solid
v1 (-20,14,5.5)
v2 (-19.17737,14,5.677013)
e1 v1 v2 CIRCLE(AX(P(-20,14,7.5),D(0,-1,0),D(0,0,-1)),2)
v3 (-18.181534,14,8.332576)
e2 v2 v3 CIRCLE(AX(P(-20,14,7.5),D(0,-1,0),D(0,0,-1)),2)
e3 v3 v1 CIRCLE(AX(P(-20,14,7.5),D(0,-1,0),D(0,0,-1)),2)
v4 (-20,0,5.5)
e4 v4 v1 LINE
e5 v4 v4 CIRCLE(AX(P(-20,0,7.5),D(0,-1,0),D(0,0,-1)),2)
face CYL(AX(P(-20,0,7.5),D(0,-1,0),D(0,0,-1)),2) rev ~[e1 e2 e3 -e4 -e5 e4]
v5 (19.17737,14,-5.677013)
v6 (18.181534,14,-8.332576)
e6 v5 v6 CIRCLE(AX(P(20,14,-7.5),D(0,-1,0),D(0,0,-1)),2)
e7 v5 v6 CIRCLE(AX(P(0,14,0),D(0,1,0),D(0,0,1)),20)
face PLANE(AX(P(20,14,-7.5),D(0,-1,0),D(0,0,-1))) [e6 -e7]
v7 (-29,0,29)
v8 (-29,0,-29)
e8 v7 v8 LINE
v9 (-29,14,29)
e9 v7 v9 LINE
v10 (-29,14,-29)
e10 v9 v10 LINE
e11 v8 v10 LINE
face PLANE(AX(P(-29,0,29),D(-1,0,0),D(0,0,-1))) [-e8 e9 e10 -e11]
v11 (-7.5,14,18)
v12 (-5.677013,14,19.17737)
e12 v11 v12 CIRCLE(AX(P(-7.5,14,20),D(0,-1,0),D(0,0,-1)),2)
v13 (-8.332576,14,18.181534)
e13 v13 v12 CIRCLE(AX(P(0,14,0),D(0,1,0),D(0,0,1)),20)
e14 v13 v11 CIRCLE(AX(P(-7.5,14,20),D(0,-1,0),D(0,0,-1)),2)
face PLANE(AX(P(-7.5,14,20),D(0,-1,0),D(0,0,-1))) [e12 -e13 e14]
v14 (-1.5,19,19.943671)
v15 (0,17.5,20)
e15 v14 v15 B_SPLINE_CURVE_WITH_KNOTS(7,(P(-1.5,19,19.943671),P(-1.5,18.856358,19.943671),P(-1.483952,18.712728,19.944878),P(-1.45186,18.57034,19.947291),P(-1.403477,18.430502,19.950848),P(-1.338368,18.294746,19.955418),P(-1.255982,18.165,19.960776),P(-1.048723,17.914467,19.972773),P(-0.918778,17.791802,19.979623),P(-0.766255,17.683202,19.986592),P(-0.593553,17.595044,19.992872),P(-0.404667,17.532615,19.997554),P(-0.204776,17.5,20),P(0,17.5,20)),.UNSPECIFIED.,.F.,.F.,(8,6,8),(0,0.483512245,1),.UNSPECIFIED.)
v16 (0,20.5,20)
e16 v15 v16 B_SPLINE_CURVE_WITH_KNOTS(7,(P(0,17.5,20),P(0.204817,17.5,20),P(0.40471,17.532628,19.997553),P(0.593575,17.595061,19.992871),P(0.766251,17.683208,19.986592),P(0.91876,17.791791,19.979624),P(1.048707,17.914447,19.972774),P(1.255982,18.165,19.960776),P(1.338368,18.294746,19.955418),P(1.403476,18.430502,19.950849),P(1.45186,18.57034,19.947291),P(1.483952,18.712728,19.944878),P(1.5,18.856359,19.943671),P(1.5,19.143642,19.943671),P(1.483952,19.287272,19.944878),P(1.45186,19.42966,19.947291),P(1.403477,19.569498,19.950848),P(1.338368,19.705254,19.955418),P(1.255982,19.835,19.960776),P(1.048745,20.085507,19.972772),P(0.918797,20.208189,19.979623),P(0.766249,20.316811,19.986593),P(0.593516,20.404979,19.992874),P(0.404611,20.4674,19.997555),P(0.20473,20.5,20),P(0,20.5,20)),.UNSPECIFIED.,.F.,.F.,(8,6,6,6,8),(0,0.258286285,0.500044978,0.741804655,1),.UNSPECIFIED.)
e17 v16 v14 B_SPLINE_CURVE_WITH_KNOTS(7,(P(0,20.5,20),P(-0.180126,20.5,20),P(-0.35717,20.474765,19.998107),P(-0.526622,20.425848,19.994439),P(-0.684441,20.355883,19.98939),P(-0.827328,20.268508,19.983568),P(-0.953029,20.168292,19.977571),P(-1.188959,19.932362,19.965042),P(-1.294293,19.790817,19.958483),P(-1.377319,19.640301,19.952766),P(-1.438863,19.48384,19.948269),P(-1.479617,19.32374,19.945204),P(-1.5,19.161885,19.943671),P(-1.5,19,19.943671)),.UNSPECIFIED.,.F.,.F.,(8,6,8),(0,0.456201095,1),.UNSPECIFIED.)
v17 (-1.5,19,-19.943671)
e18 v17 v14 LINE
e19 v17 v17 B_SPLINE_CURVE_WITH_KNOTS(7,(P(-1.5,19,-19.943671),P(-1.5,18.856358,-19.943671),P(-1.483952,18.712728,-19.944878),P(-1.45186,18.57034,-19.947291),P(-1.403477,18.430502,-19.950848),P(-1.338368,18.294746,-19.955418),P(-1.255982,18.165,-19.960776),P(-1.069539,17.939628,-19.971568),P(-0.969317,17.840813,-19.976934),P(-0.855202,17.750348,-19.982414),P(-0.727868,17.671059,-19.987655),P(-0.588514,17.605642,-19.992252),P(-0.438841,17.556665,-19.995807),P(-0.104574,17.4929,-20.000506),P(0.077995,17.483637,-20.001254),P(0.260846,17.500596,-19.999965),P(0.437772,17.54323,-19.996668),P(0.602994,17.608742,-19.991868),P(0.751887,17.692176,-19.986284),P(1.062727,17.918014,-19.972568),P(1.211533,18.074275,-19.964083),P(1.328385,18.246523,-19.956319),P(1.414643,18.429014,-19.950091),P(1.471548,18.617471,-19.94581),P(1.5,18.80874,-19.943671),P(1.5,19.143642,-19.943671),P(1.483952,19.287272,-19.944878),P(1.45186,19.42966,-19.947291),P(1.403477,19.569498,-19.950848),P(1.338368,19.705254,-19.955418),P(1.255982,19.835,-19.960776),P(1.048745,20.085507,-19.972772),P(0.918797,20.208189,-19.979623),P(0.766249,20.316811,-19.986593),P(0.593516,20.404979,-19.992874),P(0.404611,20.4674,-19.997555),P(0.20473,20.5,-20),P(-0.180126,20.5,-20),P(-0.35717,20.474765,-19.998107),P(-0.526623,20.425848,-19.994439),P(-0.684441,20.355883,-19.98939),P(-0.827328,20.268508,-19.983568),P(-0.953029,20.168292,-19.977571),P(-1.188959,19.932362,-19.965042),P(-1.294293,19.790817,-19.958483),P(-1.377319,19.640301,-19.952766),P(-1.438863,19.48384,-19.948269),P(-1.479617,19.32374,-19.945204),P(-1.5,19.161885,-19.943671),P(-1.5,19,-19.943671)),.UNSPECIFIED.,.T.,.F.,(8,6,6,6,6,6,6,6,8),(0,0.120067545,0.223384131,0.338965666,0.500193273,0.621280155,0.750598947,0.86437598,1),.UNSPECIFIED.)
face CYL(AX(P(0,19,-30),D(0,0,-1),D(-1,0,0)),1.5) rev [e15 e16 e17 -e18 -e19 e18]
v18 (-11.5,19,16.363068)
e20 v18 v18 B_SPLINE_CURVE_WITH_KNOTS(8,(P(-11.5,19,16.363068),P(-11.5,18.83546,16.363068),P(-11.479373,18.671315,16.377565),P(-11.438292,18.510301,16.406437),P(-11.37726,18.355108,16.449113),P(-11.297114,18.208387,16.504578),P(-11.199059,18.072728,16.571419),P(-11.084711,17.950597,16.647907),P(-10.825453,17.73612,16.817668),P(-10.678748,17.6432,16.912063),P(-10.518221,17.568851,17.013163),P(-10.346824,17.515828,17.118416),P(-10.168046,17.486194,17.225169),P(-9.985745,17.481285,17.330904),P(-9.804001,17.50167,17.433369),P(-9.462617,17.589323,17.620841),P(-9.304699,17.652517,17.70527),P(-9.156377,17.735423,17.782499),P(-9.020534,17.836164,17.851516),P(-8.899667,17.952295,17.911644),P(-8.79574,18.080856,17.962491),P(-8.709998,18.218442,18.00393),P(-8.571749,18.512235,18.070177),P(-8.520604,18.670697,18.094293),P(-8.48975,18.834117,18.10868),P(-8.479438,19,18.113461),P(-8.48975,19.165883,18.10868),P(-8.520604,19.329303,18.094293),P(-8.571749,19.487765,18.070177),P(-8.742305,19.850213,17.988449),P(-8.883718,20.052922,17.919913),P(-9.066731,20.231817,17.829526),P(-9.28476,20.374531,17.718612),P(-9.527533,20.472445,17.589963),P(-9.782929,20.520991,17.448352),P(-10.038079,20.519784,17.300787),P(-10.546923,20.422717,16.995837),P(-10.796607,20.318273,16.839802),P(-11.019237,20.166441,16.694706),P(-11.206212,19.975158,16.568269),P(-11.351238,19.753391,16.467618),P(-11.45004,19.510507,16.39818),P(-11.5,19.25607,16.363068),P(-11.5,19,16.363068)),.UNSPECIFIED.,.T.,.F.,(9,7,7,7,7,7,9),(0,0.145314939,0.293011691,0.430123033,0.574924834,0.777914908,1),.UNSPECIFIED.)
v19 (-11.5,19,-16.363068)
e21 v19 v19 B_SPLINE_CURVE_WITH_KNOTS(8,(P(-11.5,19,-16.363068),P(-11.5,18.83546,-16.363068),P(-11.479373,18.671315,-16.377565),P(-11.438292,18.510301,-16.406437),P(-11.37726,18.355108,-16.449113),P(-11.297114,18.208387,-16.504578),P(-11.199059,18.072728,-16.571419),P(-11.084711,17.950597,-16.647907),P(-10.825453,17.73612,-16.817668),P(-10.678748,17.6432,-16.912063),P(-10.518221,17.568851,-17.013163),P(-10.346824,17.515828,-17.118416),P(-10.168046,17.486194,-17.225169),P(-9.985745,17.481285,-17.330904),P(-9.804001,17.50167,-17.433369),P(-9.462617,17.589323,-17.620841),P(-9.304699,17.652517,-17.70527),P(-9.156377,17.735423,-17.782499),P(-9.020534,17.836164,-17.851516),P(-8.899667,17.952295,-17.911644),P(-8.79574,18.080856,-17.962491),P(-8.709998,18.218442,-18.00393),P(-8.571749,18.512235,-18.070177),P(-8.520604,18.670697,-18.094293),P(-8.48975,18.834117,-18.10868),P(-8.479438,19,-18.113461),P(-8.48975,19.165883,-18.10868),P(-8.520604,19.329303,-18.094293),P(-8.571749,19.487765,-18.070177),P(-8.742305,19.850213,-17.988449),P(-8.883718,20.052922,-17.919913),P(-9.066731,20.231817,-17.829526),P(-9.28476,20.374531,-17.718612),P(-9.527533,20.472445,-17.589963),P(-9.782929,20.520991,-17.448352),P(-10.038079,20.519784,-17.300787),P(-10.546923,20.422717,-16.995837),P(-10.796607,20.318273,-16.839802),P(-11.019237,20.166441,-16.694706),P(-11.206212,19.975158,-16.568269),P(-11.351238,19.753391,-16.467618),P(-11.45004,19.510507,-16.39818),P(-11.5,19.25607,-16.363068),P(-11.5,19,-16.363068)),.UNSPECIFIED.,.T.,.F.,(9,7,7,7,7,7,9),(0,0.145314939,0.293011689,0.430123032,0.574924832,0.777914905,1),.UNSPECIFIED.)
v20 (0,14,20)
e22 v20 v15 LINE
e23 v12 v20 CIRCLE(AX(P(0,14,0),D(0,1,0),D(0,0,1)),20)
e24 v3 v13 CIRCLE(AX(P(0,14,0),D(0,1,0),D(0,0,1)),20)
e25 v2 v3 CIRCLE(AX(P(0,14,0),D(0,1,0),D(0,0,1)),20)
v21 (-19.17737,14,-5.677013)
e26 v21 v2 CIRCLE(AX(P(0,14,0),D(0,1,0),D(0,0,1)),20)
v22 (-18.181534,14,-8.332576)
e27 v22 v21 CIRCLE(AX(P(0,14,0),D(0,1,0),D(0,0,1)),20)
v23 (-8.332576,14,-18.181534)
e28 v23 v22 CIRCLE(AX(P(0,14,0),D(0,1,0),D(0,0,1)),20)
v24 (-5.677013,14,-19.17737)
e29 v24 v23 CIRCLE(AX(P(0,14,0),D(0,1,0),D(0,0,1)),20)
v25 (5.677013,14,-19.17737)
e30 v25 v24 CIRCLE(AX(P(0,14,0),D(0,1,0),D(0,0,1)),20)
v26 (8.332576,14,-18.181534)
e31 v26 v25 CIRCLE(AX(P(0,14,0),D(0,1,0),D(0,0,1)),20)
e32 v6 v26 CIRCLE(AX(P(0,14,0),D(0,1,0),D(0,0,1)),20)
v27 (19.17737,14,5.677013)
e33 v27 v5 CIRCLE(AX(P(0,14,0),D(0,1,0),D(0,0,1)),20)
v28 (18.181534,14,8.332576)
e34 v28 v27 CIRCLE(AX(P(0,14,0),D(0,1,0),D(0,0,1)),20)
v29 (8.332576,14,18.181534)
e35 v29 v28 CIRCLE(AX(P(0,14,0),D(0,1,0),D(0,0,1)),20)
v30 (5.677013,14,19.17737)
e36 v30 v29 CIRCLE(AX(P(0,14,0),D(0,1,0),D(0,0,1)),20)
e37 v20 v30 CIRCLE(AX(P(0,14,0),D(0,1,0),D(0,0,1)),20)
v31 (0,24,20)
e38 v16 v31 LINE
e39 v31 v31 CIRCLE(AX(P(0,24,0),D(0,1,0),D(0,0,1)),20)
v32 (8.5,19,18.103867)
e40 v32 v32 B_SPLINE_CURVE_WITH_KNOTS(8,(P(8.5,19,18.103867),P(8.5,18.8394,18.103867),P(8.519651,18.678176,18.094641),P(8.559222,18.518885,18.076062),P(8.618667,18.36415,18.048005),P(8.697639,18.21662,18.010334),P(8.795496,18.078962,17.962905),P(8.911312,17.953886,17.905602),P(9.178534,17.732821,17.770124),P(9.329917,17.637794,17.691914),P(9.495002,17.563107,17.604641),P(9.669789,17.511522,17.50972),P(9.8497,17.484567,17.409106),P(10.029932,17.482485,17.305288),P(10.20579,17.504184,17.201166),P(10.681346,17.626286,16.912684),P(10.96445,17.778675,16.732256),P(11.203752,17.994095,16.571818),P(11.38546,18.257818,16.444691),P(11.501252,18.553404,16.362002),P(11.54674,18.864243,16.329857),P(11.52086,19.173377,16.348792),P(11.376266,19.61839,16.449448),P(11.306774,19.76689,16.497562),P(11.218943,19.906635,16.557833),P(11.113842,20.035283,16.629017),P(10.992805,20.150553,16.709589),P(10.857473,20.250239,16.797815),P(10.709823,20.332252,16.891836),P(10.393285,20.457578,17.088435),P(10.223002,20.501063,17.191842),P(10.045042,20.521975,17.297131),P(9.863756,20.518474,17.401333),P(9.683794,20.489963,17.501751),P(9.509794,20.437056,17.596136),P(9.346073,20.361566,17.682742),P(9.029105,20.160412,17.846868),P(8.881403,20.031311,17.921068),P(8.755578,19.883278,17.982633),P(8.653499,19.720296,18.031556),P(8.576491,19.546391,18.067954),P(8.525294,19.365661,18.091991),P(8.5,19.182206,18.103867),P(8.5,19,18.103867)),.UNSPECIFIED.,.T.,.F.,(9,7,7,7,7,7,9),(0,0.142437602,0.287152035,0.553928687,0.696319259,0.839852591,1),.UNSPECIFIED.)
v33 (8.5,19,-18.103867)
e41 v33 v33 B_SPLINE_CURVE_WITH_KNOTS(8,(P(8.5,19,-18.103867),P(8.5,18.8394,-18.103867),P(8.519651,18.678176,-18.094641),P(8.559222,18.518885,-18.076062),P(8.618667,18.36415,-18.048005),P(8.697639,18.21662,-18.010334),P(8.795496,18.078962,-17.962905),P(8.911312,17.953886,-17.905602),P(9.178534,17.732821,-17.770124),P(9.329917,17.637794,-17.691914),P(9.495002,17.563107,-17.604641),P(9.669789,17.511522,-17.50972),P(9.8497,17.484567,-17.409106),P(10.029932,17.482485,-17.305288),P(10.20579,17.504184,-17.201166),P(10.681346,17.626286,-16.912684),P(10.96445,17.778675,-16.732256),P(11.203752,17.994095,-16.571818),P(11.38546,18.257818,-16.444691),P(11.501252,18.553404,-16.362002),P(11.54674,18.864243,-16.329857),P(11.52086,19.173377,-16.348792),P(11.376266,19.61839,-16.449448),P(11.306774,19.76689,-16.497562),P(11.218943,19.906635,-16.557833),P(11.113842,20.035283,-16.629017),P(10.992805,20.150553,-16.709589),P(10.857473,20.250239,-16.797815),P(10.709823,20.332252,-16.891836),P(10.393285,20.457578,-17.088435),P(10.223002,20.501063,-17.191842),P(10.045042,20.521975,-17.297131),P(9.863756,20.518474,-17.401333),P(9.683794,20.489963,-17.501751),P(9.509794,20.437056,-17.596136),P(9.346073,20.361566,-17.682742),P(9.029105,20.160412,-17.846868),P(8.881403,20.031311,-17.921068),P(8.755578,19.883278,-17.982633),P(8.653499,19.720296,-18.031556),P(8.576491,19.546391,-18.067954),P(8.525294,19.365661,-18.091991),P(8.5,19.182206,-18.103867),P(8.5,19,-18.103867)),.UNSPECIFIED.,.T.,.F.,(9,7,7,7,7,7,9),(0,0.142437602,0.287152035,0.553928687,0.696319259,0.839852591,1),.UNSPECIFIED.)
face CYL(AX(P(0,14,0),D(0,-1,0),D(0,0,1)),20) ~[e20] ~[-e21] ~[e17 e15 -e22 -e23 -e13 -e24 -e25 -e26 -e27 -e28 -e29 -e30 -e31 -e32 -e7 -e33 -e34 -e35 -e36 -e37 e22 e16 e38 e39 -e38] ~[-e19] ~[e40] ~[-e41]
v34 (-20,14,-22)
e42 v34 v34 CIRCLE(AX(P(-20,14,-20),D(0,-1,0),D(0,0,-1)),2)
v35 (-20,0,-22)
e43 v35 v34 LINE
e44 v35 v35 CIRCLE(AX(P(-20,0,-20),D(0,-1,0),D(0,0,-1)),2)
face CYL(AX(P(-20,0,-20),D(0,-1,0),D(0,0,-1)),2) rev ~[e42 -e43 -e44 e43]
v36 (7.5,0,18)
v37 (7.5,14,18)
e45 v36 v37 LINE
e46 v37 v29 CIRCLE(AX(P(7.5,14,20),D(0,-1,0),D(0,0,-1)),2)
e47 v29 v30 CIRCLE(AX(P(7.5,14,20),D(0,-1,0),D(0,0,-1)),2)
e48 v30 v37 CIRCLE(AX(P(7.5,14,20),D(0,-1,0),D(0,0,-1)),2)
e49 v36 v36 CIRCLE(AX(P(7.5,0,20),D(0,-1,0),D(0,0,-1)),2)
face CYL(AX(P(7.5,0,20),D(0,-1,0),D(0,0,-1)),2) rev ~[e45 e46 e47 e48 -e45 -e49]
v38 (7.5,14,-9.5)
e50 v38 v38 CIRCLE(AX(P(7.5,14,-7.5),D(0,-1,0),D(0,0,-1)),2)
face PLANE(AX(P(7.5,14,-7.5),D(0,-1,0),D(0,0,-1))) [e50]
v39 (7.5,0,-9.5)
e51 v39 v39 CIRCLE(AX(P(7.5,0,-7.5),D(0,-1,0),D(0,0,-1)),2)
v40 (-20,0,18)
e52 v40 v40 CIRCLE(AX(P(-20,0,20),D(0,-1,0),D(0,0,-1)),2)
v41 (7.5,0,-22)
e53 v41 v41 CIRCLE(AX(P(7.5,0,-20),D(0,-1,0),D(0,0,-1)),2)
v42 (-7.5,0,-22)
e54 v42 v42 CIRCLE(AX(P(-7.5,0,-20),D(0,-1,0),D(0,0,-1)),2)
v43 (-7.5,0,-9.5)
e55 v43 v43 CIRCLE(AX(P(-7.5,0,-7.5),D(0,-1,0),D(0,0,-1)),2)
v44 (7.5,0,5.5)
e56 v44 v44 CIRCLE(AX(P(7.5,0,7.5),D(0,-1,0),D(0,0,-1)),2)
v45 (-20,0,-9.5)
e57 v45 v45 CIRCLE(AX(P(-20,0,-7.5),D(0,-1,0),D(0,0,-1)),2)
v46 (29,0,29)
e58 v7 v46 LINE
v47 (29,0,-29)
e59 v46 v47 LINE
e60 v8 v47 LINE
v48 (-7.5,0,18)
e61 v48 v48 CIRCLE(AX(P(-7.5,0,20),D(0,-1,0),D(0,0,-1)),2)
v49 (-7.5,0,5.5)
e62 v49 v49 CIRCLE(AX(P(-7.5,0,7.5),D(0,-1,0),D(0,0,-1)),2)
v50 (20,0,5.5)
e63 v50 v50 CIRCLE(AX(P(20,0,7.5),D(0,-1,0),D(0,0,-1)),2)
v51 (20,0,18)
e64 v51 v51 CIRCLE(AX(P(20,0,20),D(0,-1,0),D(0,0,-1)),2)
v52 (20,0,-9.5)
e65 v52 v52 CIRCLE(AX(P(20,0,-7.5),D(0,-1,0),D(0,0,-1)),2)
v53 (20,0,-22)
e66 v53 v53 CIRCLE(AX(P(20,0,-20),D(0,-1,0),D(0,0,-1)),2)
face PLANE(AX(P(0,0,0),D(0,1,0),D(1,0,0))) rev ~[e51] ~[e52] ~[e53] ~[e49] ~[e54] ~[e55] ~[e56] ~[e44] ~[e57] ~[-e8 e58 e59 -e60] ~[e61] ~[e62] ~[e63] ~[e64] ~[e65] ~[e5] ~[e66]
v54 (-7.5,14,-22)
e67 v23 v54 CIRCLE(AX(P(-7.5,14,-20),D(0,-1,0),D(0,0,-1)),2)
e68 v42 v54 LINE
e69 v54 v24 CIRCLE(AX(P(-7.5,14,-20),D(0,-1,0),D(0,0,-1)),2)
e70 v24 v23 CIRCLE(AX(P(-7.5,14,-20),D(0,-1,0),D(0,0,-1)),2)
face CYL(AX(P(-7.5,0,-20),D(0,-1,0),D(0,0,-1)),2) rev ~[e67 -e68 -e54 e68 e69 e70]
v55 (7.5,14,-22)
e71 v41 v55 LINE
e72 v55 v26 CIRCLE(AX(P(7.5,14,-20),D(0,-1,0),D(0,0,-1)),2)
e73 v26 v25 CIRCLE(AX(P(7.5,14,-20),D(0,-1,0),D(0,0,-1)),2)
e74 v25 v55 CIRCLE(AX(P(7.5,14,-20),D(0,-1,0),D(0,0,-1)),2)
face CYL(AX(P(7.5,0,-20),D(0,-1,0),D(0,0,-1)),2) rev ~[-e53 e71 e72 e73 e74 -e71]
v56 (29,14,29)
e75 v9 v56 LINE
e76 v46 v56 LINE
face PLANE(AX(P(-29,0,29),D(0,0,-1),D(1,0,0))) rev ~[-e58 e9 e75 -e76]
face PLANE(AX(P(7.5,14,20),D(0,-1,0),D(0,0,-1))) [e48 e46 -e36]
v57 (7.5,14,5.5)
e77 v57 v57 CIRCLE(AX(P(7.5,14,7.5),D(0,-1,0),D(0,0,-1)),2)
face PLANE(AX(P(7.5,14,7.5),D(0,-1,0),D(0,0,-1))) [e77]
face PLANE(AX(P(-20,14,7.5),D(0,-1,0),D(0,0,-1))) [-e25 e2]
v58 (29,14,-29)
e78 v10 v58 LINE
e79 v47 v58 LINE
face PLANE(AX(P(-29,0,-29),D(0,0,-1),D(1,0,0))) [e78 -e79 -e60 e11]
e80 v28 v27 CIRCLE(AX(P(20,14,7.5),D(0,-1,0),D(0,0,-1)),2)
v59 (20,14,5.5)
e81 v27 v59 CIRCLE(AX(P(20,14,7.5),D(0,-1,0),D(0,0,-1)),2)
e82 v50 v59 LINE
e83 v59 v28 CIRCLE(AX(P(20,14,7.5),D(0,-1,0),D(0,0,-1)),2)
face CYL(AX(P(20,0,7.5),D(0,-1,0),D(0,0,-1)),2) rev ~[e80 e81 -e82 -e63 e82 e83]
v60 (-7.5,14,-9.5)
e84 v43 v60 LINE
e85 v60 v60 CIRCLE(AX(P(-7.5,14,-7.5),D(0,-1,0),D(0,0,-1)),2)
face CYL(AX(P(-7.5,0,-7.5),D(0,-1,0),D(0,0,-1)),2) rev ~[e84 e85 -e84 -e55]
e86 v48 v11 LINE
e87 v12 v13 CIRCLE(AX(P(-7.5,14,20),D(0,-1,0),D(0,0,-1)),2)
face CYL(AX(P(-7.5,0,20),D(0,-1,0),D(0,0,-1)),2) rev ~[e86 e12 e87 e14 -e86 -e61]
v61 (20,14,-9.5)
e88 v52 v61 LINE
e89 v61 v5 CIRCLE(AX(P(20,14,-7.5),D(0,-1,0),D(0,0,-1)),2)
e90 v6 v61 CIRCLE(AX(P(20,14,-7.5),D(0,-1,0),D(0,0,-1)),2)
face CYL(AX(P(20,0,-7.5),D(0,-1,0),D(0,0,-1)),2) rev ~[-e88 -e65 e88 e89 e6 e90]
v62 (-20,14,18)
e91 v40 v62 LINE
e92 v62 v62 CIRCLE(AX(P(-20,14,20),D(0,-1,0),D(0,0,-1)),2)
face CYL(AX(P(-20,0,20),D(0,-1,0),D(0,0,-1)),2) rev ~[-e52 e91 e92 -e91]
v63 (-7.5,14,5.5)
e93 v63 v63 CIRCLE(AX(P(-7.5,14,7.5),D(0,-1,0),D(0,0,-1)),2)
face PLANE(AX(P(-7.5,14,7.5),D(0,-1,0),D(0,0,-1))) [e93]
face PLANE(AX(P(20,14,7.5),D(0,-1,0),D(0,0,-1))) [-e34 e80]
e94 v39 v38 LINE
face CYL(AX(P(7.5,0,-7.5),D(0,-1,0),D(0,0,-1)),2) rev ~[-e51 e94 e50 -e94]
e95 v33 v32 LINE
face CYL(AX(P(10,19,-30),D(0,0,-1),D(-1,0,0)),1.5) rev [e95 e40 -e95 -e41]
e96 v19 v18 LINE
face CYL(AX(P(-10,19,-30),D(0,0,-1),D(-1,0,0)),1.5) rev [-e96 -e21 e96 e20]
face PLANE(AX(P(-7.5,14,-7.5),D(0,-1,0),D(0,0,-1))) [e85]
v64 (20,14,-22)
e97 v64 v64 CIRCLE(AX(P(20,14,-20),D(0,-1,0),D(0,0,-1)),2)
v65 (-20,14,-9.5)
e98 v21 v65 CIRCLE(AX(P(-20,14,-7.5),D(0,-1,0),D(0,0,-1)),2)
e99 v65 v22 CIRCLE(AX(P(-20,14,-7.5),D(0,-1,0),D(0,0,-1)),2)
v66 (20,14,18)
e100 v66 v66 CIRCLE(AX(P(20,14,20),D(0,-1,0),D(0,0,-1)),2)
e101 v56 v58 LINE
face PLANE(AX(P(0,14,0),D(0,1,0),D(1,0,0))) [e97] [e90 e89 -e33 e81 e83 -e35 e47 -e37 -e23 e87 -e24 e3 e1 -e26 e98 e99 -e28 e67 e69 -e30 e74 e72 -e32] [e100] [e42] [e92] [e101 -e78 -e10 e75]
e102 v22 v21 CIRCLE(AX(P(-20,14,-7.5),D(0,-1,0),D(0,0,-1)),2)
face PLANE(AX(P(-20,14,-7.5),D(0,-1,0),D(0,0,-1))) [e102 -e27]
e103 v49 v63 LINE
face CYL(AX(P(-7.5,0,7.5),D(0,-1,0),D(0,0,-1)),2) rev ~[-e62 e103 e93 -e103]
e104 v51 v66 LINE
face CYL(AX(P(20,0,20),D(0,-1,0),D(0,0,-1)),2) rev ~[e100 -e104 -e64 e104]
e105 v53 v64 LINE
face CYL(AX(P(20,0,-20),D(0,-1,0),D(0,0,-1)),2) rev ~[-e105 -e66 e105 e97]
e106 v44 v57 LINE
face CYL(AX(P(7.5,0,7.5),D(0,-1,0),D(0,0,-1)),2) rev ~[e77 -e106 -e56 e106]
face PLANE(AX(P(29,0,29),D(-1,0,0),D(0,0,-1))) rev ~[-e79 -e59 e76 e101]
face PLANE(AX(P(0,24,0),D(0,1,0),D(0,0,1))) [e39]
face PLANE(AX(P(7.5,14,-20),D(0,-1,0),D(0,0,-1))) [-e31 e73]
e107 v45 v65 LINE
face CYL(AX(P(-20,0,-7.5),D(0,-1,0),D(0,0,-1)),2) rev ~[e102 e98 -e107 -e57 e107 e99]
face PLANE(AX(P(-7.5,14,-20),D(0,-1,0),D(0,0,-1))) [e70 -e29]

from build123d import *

# Parameters (mm, degrees)
SKETCH_4_W               = 58
SKETCH_4_H               = 58
EXTRUDE_3_DEPTH          = 14
SKETCH_6_R               = 20
EXTRUDE_4_DEPTH          = 10
CUT_EXTRUDE_1_DEPTH      = 30
CUT_EXTRUDE_1_DEPTH_BACK = 30
SKETCH_7_R               = 1.5
SKETCH_8_R               = 2
CUT_EXTRUDE_2_DEPTH      = 14


with BuildPart() as part:
    # 草图4 → 凸台-拉伸3 (new body)
    with BuildSketch(Plane(origin=(0, 0, 0), x_dir=(1, 0, 0), z_dir=(0, 1, 0))):
        Rectangle(SKETCH_4_W, SKETCH_4_H)
    extrude(amount=EXTRUDE_3_DEPTH)

    # 草图6 → 凸台-拉伸4 (add)
    with BuildSketch(Plane(origin=(0, 14, 0), x_dir=(1, 0, 0), z_dir=(0, 1, 0))):
        with Locations(Location((0, 0, 0), (0, 0, 270))):
            Circle(SKETCH_6_R)
    extrude(amount=EXTRUDE_4_DEPTH)

    # 草图7 → 切除-拉伸1 (cut, two sides: drawn at the far end of the back side and taken through both)
    with BuildSketch(Plane.XY.offset(-CUT_EXTRUDE_1_DEPTH_BACK)):
        with Locations(Location((-10, 19, 0), (0, 0, 180))):
            Circle(SKETCH_7_R)
        with Locations(Location((10, 19, 0), (0, 0, 180))):
            Circle(SKETCH_7_R)
        with Locations(Location((0, 19, 0), (0, 0, 180))):
            Circle(SKETCH_7_R)
    extrude(amount=CUT_EXTRUDE_1_DEPTH + CUT_EXTRUDE_1_DEPTH_BACK, mode=Mode.SUBTRACT)

    # 草图8 → 切除-拉伸2 (cut)
    with BuildSketch(Plane.XZ):
        with Locations(Location((-7.5, 7.5, 0), (0, 0, 270))):
            Circle(SKETCH_8_R)
        with Locations(Location((7.5, 7.5, 0), (0, 0, 270))):
            Circle(SKETCH_8_R)
        with Locations(Location((-20, 20, 0), (0, 0, 270))):
            Circle(SKETCH_8_R)
        with Locations(Location((20, 20, 0), (0, 0, 270))):
            Circle(SKETCH_8_R)
        with Locations(Location((-20, -20, 0), (0, 0, 270))):
            Circle(SKETCH_8_R)
        with Locations(Location((-7.5, -7.5, 0), (0, 0, 270))):
            Circle(SKETCH_8_R)
        with Locations(Location((7.5, -7.5, 0), (0, 0, 270))):
            Circle(SKETCH_8_R)
        with Locations(Location((20, -20, 0), (0, 0, 270))):
            Circle(SKETCH_8_R)
        with Locations(Location((-20, 7.5, 0), (0, 0, 270))):
            Circle(SKETCH_8_R)
        with Locations(Location((-20, -7.5, 0), (0, 0, 270))):
            Circle(SKETCH_8_R)
        with Locations(Location((-7.5, -20, 0), (0, 0, 270))):
            Circle(SKETCH_8_R)
        with Locations(Location((7.5, -20, 0), (0, 0, 270))):
            Circle(SKETCH_8_R)
        with Locations(Location((20, -7.5, 0), (0, 0, 270))):
            Circle(SKETCH_8_R)
        with Locations(Location((20, 7.5, 0), (0, 0, 270))):
            Circle(SKETCH_8_R)
        with Locations(Location((-7.5, 20, 0), (0, 0, 270))):
            Circle(SKETCH_8_R)
        with Locations(Location((7.5, 20, 0), (0, 0, 270))):
            Circle(SKETCH_8_R)
    extrude(amount=-CUT_EXTRUDE_2_DEPTH, mode=Mode.SUBTRACT)


solid = part.part
